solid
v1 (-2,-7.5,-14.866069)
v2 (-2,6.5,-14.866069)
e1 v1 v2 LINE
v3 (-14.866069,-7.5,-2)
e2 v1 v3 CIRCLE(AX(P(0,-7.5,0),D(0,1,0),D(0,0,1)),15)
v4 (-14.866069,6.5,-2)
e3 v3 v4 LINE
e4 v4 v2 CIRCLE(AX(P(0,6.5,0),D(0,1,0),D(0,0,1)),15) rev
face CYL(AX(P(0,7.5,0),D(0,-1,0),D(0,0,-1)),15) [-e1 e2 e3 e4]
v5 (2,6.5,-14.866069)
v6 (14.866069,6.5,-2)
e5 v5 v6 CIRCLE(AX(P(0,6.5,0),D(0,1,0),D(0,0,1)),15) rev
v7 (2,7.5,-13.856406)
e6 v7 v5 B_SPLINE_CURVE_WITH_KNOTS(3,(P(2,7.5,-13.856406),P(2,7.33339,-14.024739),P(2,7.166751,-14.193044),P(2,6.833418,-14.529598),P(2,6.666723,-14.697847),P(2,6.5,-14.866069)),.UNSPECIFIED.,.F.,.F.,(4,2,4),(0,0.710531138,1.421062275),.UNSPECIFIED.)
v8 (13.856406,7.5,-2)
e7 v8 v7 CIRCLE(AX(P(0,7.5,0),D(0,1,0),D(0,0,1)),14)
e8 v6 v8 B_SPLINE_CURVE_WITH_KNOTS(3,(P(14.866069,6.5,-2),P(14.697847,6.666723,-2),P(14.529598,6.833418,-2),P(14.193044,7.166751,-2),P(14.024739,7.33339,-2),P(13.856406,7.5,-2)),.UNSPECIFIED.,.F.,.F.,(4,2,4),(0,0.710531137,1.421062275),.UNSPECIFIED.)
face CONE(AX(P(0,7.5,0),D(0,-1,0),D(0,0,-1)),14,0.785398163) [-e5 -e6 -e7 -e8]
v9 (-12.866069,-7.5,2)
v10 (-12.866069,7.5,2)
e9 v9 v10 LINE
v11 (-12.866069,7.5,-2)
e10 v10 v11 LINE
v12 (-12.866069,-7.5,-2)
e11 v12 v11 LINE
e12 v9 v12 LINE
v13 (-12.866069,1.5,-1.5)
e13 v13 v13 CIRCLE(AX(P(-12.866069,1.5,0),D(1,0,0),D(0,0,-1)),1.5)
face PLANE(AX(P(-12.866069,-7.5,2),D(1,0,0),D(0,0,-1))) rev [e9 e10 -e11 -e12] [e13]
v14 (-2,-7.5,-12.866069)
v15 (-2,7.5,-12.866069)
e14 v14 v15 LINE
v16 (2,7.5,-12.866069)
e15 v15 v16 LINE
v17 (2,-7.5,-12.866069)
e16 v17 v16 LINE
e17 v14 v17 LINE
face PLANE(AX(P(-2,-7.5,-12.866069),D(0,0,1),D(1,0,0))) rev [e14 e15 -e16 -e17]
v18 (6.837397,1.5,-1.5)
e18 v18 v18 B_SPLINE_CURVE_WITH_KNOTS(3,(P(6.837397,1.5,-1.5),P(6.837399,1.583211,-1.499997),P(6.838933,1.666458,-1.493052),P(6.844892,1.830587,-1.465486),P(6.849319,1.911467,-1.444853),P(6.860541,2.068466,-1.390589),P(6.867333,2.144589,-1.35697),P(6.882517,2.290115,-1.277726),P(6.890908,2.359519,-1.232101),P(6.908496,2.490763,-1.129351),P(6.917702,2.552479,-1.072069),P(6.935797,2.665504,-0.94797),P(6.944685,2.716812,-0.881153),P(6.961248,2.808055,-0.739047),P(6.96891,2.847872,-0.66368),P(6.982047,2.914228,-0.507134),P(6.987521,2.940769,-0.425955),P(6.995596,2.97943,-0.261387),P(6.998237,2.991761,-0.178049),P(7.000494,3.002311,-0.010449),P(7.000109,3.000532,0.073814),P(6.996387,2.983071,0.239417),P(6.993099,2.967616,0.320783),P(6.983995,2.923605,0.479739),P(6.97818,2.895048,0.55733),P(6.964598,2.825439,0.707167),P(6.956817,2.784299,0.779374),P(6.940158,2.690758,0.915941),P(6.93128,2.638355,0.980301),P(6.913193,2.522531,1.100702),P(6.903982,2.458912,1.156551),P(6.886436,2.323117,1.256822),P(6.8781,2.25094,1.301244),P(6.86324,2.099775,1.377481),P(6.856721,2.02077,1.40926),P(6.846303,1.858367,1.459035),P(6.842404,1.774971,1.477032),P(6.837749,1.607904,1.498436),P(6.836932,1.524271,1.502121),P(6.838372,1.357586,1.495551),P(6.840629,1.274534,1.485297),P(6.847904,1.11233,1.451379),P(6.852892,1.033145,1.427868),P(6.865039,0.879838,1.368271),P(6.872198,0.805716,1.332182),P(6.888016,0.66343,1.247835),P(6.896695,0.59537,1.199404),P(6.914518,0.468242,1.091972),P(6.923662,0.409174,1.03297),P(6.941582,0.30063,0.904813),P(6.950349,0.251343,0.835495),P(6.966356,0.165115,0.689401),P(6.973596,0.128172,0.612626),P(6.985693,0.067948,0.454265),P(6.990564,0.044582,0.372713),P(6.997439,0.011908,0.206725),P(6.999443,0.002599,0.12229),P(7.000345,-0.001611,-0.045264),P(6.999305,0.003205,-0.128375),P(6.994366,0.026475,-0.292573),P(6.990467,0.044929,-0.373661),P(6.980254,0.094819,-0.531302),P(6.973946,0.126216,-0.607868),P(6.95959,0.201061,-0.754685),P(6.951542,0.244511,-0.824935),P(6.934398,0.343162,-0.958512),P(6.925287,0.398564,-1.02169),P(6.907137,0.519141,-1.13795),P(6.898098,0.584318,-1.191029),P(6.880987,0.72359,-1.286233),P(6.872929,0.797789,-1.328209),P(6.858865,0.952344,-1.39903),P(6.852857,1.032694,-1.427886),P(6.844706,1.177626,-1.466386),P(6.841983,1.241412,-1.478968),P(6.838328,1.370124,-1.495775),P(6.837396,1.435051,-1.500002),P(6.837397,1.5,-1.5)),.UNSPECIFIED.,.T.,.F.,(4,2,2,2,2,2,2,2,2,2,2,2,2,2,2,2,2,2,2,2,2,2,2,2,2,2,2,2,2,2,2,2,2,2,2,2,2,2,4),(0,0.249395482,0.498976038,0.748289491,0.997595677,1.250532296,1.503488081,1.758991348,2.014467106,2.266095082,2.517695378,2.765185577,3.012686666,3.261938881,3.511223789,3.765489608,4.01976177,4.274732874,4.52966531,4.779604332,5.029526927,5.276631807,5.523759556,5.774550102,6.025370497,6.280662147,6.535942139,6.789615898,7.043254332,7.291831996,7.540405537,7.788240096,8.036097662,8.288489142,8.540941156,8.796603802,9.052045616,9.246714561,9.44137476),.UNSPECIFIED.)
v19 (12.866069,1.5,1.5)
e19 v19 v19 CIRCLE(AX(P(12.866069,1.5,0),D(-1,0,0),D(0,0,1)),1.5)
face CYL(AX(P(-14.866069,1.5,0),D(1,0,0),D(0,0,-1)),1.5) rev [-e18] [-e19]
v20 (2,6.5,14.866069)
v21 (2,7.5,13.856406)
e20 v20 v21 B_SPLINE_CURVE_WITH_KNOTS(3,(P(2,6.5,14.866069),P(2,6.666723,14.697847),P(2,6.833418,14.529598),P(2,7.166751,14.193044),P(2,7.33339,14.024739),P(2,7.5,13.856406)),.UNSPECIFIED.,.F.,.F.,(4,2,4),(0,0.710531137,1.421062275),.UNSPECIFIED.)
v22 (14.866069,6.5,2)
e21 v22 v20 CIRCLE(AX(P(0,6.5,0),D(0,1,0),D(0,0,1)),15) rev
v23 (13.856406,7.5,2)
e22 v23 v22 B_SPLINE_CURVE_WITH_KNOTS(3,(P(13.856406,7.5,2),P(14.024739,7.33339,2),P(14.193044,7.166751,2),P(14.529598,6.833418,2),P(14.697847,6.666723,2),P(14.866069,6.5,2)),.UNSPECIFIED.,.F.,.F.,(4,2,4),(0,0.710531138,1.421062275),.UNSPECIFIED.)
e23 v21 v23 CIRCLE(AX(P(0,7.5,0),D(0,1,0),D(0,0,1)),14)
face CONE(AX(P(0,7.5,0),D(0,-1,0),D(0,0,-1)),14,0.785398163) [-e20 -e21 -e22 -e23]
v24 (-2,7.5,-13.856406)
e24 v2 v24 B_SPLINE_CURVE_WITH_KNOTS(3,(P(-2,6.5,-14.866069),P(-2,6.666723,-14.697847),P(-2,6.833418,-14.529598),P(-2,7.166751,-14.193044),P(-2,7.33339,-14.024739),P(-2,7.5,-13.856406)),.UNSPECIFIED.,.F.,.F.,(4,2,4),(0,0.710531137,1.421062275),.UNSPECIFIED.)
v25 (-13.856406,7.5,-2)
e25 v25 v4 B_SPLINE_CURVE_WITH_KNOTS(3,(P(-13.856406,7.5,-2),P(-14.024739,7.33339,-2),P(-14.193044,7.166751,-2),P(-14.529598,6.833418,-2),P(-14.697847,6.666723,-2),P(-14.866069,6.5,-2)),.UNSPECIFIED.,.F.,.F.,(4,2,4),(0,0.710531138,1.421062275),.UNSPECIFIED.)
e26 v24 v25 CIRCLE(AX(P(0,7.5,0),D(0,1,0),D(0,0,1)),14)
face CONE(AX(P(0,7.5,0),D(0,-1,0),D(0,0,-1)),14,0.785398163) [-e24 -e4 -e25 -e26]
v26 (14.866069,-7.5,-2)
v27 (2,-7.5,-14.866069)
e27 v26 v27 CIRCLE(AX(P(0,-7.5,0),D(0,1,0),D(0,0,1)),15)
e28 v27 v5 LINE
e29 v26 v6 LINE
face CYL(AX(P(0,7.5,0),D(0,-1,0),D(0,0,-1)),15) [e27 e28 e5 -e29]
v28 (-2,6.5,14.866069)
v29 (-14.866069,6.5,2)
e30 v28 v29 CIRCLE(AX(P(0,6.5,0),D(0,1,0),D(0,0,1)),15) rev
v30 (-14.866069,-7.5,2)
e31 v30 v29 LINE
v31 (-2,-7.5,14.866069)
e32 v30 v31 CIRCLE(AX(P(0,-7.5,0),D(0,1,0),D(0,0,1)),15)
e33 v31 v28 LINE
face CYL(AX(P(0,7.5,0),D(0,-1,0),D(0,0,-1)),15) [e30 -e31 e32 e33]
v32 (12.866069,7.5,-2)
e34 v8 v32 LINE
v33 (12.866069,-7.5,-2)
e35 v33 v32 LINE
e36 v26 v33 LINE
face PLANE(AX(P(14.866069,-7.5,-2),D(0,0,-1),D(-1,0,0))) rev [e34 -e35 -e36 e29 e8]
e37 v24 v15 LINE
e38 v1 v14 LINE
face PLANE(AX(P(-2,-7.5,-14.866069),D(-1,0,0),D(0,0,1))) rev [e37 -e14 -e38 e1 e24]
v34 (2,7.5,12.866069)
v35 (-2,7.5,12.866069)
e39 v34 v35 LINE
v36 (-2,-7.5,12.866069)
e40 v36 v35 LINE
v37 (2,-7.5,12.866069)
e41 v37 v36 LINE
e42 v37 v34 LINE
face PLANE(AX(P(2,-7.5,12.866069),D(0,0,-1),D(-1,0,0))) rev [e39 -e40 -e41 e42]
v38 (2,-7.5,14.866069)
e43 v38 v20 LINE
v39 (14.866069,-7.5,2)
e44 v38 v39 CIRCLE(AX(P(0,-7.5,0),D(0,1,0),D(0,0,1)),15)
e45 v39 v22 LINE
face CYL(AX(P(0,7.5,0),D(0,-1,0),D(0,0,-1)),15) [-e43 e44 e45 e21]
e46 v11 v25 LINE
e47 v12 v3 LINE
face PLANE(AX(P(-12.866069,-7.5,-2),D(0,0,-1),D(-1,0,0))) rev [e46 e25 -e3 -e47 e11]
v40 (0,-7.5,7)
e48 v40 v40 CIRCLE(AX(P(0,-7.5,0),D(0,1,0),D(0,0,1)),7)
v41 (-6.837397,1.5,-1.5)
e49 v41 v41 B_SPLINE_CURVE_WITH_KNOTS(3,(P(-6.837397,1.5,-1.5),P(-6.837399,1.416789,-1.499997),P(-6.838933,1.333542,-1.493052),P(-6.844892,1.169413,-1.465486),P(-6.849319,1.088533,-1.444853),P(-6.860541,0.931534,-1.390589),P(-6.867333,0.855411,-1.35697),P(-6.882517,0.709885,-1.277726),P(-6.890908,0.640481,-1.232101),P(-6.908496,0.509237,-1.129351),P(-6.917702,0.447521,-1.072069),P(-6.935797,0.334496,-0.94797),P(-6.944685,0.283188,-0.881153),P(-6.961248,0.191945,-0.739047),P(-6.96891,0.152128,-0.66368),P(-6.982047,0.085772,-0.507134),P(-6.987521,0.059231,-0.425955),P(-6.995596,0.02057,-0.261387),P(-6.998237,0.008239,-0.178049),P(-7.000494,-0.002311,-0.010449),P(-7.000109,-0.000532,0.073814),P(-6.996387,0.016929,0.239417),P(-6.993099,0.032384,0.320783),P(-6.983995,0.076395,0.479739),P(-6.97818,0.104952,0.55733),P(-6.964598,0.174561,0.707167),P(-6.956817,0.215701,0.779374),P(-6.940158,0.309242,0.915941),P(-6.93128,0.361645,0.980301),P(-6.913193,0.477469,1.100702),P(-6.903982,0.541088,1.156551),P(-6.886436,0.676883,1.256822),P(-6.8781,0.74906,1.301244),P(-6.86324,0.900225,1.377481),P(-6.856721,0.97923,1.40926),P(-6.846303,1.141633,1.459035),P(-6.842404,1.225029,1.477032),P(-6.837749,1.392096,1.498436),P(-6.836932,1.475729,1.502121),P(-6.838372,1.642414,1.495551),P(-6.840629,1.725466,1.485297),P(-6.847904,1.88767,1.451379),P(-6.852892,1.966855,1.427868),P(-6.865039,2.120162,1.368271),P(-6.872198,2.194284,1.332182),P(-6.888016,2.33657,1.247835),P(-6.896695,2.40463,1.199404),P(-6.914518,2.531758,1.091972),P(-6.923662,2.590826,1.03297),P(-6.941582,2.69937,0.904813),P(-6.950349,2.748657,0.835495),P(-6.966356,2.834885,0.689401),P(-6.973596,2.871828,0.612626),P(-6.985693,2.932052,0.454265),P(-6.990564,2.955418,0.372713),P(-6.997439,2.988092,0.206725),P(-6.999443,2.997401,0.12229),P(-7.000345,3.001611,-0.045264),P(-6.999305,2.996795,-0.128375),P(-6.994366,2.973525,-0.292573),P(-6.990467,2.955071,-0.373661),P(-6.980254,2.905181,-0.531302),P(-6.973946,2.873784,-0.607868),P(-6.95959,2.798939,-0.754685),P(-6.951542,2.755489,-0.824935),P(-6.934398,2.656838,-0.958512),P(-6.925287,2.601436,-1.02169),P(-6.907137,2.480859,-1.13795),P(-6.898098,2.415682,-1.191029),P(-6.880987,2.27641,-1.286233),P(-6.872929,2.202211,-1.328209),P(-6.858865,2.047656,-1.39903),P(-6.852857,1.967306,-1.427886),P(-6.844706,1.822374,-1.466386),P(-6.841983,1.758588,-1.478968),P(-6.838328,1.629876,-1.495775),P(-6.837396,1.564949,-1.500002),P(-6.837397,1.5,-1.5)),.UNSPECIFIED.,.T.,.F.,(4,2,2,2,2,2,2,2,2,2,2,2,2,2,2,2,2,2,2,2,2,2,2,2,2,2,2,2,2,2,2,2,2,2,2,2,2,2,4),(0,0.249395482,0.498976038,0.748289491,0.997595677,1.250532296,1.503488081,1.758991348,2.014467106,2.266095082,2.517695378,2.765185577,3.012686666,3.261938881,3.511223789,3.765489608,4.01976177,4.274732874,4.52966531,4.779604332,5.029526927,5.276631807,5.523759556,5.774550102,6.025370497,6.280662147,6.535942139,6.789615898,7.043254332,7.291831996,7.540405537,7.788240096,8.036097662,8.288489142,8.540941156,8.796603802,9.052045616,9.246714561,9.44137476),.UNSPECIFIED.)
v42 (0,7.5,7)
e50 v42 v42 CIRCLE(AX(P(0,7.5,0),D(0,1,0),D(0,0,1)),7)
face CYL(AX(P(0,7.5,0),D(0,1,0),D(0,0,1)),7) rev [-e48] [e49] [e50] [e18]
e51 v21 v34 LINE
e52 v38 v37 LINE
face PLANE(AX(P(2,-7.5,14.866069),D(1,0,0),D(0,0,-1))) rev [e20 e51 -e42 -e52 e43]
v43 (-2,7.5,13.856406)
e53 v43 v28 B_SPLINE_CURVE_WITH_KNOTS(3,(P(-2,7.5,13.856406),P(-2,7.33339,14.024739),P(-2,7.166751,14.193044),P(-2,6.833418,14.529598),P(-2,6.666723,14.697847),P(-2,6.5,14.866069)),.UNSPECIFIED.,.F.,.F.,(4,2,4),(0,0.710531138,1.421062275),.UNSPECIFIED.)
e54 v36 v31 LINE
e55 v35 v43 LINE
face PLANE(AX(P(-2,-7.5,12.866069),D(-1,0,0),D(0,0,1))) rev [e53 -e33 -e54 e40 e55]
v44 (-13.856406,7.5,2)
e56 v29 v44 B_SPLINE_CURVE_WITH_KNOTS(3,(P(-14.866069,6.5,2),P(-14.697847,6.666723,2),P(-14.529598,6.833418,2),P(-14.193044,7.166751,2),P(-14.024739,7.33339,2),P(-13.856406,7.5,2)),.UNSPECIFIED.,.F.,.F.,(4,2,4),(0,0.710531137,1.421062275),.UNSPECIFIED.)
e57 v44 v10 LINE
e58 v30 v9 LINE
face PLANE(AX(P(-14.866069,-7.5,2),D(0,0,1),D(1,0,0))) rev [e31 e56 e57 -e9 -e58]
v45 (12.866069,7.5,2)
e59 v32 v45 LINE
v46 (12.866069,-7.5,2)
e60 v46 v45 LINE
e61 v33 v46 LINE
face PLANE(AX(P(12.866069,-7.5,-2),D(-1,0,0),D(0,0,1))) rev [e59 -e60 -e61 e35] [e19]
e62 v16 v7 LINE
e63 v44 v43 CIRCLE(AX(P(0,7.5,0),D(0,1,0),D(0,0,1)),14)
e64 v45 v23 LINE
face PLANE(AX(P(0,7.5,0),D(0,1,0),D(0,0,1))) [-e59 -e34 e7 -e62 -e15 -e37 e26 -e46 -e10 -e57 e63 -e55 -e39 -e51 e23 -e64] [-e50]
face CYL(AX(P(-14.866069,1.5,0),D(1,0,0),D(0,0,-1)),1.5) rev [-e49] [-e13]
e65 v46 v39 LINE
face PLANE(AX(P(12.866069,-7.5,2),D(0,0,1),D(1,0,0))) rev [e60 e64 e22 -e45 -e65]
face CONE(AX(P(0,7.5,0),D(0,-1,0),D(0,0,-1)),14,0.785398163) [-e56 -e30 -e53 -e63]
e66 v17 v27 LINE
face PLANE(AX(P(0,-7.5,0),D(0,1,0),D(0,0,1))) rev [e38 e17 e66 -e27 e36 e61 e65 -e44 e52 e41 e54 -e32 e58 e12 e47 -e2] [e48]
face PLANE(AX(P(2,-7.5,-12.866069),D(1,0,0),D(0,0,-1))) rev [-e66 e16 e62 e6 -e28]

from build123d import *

# Parameters (mm, degrees)
SKETCH1_R               = 15
BOSS_EXTRUDE1_DEPTH     = 7.5
CUT_EXTRUDE1_DEPTH      = 8.5
CUT_EXTRUDE1_DEPTH_BACK = 8.5
CHAMFER1_SIZE           = 1
M16_TAPPED_HOLE1_D      = 14
M16_TAPPED_HOLE1_DEPTH  = 15
SKETCH5_R               = 1.5
CUT_EXTRUDE2_DEPTH      = 3
CUT_EXTRUDE2_DEPTH_BACK = 28.732137495


with BuildPart() as part:
    # Sketch1 → Boss-Extrude1 (new body, symmetric)
    with BuildSketch(Plane(origin=(0, 0, 0), x_dir=(1, 0, 0), z_dir=(0, 1, 0))):
        Circle(SKETCH1_R)
    extrude(amount=BOSS_EXTRUDE1_DEPTH, both=True)

    # Sketch2 → Cut-Extrude1 (cut, two sides)
    with BuildSketch(Plane(origin=(0, 0, 0), x_dir=(1, 0, 0), z_dir=(0, 1, 0))) as cut_extrude1_sk:
        with BuildLine():
            Line((-2, 14.866068747), (-2, 12.866068747))
            Line((-2, 12.866068747), (2, 12.866068747))
            Line((2, 12.866068747), (2, 14.866068747))
            ThreePointArc((2, 14.866068747), (0, 15), (-2, 14.866068747))
        make_face()
        with BuildLine():
            Line((14.866068747, 2), (12.866068747, 2))
            Line((12.866068747, 2), (12.866068747, -2))
            Line((12.866068747, -2), (14.866068747, -2))
            ThreePointArc((14.866068747, -2), (15, 0), (14.866068747, 2))
        make_face()
        with BuildLine():
            Line((2, -14.866068747), (2, -12.866068747))
            Line((2, -12.866068747), (-2, -12.866068747))
            Line((-2, -12.866068747), (-2, -14.866068747))
            ThreePointArc((-2, -14.866068747), (0, -15), (2, -14.866068747))
        make_face()
        with BuildLine():
            Line((-14.866068747, -2), (-12.866068747, -2))
            Line((-12.866068747, -2), (-12.866068747, 2))
            Line((-12.866068747, 2), (-14.866068747, 2))
            ThreePointArc((-14.866068747, 2), (-15, 0), (-14.866068747, -2))
        make_face()
    extrude(amount=CUT_EXTRUDE1_DEPTH, mode=Mode.SUBTRACT)
    extrude(cut_extrude1_sk.sketch, amount=-CUT_EXTRUDE1_DEPTH_BACK, mode=Mode.SUBTRACT)

    # Chamfer1
    chamfer1_edges = [part.edges().sort_by_distance(p)[0] for p in [
        (10.606601718, 7.5, -10.606601718),
        (-10.606601718, 7.5, -10.606601718),
        (-10.606601718, 7.5, 10.606601718),
        (10.606601718, 7.5, 10.606601718),
    ]]
    chamfer(chamfer1_edges, length=CHAMFER1_SIZE)

    # M16 Tapped Hole1
    with Locations(Plane(origin=(0, 7.5, 0), x_dir=(1, 0, 0), z_dir=(0, 1, 0))):
        with Locations((0, 0)):
            Hole(M16_TAPPED_HOLE1_D / 2, depth=M16_TAPPED_HOLE1_DEPTH)

    # Sketch5 → Cut-Extrude2 (cut, two sides)
    with BuildSketch(Plane(origin=(12.866068747, 0, 0), x_dir=(0, 0, -1), z_dir=(1, 0, 0))) as cut_extrude2_sk:
        with Locations((0, 1.5)):
            Circle(SKETCH5_R)
    extrude(amount=CUT_EXTRUDE2_DEPTH, mode=Mode.SUBTRACT)
    extrude(cut_extrude2_sk.sketch, amount=-CUT_EXTRUDE2_DEPTH_BACK, mode=Mode.SUBTRACT)


solid = part.part
